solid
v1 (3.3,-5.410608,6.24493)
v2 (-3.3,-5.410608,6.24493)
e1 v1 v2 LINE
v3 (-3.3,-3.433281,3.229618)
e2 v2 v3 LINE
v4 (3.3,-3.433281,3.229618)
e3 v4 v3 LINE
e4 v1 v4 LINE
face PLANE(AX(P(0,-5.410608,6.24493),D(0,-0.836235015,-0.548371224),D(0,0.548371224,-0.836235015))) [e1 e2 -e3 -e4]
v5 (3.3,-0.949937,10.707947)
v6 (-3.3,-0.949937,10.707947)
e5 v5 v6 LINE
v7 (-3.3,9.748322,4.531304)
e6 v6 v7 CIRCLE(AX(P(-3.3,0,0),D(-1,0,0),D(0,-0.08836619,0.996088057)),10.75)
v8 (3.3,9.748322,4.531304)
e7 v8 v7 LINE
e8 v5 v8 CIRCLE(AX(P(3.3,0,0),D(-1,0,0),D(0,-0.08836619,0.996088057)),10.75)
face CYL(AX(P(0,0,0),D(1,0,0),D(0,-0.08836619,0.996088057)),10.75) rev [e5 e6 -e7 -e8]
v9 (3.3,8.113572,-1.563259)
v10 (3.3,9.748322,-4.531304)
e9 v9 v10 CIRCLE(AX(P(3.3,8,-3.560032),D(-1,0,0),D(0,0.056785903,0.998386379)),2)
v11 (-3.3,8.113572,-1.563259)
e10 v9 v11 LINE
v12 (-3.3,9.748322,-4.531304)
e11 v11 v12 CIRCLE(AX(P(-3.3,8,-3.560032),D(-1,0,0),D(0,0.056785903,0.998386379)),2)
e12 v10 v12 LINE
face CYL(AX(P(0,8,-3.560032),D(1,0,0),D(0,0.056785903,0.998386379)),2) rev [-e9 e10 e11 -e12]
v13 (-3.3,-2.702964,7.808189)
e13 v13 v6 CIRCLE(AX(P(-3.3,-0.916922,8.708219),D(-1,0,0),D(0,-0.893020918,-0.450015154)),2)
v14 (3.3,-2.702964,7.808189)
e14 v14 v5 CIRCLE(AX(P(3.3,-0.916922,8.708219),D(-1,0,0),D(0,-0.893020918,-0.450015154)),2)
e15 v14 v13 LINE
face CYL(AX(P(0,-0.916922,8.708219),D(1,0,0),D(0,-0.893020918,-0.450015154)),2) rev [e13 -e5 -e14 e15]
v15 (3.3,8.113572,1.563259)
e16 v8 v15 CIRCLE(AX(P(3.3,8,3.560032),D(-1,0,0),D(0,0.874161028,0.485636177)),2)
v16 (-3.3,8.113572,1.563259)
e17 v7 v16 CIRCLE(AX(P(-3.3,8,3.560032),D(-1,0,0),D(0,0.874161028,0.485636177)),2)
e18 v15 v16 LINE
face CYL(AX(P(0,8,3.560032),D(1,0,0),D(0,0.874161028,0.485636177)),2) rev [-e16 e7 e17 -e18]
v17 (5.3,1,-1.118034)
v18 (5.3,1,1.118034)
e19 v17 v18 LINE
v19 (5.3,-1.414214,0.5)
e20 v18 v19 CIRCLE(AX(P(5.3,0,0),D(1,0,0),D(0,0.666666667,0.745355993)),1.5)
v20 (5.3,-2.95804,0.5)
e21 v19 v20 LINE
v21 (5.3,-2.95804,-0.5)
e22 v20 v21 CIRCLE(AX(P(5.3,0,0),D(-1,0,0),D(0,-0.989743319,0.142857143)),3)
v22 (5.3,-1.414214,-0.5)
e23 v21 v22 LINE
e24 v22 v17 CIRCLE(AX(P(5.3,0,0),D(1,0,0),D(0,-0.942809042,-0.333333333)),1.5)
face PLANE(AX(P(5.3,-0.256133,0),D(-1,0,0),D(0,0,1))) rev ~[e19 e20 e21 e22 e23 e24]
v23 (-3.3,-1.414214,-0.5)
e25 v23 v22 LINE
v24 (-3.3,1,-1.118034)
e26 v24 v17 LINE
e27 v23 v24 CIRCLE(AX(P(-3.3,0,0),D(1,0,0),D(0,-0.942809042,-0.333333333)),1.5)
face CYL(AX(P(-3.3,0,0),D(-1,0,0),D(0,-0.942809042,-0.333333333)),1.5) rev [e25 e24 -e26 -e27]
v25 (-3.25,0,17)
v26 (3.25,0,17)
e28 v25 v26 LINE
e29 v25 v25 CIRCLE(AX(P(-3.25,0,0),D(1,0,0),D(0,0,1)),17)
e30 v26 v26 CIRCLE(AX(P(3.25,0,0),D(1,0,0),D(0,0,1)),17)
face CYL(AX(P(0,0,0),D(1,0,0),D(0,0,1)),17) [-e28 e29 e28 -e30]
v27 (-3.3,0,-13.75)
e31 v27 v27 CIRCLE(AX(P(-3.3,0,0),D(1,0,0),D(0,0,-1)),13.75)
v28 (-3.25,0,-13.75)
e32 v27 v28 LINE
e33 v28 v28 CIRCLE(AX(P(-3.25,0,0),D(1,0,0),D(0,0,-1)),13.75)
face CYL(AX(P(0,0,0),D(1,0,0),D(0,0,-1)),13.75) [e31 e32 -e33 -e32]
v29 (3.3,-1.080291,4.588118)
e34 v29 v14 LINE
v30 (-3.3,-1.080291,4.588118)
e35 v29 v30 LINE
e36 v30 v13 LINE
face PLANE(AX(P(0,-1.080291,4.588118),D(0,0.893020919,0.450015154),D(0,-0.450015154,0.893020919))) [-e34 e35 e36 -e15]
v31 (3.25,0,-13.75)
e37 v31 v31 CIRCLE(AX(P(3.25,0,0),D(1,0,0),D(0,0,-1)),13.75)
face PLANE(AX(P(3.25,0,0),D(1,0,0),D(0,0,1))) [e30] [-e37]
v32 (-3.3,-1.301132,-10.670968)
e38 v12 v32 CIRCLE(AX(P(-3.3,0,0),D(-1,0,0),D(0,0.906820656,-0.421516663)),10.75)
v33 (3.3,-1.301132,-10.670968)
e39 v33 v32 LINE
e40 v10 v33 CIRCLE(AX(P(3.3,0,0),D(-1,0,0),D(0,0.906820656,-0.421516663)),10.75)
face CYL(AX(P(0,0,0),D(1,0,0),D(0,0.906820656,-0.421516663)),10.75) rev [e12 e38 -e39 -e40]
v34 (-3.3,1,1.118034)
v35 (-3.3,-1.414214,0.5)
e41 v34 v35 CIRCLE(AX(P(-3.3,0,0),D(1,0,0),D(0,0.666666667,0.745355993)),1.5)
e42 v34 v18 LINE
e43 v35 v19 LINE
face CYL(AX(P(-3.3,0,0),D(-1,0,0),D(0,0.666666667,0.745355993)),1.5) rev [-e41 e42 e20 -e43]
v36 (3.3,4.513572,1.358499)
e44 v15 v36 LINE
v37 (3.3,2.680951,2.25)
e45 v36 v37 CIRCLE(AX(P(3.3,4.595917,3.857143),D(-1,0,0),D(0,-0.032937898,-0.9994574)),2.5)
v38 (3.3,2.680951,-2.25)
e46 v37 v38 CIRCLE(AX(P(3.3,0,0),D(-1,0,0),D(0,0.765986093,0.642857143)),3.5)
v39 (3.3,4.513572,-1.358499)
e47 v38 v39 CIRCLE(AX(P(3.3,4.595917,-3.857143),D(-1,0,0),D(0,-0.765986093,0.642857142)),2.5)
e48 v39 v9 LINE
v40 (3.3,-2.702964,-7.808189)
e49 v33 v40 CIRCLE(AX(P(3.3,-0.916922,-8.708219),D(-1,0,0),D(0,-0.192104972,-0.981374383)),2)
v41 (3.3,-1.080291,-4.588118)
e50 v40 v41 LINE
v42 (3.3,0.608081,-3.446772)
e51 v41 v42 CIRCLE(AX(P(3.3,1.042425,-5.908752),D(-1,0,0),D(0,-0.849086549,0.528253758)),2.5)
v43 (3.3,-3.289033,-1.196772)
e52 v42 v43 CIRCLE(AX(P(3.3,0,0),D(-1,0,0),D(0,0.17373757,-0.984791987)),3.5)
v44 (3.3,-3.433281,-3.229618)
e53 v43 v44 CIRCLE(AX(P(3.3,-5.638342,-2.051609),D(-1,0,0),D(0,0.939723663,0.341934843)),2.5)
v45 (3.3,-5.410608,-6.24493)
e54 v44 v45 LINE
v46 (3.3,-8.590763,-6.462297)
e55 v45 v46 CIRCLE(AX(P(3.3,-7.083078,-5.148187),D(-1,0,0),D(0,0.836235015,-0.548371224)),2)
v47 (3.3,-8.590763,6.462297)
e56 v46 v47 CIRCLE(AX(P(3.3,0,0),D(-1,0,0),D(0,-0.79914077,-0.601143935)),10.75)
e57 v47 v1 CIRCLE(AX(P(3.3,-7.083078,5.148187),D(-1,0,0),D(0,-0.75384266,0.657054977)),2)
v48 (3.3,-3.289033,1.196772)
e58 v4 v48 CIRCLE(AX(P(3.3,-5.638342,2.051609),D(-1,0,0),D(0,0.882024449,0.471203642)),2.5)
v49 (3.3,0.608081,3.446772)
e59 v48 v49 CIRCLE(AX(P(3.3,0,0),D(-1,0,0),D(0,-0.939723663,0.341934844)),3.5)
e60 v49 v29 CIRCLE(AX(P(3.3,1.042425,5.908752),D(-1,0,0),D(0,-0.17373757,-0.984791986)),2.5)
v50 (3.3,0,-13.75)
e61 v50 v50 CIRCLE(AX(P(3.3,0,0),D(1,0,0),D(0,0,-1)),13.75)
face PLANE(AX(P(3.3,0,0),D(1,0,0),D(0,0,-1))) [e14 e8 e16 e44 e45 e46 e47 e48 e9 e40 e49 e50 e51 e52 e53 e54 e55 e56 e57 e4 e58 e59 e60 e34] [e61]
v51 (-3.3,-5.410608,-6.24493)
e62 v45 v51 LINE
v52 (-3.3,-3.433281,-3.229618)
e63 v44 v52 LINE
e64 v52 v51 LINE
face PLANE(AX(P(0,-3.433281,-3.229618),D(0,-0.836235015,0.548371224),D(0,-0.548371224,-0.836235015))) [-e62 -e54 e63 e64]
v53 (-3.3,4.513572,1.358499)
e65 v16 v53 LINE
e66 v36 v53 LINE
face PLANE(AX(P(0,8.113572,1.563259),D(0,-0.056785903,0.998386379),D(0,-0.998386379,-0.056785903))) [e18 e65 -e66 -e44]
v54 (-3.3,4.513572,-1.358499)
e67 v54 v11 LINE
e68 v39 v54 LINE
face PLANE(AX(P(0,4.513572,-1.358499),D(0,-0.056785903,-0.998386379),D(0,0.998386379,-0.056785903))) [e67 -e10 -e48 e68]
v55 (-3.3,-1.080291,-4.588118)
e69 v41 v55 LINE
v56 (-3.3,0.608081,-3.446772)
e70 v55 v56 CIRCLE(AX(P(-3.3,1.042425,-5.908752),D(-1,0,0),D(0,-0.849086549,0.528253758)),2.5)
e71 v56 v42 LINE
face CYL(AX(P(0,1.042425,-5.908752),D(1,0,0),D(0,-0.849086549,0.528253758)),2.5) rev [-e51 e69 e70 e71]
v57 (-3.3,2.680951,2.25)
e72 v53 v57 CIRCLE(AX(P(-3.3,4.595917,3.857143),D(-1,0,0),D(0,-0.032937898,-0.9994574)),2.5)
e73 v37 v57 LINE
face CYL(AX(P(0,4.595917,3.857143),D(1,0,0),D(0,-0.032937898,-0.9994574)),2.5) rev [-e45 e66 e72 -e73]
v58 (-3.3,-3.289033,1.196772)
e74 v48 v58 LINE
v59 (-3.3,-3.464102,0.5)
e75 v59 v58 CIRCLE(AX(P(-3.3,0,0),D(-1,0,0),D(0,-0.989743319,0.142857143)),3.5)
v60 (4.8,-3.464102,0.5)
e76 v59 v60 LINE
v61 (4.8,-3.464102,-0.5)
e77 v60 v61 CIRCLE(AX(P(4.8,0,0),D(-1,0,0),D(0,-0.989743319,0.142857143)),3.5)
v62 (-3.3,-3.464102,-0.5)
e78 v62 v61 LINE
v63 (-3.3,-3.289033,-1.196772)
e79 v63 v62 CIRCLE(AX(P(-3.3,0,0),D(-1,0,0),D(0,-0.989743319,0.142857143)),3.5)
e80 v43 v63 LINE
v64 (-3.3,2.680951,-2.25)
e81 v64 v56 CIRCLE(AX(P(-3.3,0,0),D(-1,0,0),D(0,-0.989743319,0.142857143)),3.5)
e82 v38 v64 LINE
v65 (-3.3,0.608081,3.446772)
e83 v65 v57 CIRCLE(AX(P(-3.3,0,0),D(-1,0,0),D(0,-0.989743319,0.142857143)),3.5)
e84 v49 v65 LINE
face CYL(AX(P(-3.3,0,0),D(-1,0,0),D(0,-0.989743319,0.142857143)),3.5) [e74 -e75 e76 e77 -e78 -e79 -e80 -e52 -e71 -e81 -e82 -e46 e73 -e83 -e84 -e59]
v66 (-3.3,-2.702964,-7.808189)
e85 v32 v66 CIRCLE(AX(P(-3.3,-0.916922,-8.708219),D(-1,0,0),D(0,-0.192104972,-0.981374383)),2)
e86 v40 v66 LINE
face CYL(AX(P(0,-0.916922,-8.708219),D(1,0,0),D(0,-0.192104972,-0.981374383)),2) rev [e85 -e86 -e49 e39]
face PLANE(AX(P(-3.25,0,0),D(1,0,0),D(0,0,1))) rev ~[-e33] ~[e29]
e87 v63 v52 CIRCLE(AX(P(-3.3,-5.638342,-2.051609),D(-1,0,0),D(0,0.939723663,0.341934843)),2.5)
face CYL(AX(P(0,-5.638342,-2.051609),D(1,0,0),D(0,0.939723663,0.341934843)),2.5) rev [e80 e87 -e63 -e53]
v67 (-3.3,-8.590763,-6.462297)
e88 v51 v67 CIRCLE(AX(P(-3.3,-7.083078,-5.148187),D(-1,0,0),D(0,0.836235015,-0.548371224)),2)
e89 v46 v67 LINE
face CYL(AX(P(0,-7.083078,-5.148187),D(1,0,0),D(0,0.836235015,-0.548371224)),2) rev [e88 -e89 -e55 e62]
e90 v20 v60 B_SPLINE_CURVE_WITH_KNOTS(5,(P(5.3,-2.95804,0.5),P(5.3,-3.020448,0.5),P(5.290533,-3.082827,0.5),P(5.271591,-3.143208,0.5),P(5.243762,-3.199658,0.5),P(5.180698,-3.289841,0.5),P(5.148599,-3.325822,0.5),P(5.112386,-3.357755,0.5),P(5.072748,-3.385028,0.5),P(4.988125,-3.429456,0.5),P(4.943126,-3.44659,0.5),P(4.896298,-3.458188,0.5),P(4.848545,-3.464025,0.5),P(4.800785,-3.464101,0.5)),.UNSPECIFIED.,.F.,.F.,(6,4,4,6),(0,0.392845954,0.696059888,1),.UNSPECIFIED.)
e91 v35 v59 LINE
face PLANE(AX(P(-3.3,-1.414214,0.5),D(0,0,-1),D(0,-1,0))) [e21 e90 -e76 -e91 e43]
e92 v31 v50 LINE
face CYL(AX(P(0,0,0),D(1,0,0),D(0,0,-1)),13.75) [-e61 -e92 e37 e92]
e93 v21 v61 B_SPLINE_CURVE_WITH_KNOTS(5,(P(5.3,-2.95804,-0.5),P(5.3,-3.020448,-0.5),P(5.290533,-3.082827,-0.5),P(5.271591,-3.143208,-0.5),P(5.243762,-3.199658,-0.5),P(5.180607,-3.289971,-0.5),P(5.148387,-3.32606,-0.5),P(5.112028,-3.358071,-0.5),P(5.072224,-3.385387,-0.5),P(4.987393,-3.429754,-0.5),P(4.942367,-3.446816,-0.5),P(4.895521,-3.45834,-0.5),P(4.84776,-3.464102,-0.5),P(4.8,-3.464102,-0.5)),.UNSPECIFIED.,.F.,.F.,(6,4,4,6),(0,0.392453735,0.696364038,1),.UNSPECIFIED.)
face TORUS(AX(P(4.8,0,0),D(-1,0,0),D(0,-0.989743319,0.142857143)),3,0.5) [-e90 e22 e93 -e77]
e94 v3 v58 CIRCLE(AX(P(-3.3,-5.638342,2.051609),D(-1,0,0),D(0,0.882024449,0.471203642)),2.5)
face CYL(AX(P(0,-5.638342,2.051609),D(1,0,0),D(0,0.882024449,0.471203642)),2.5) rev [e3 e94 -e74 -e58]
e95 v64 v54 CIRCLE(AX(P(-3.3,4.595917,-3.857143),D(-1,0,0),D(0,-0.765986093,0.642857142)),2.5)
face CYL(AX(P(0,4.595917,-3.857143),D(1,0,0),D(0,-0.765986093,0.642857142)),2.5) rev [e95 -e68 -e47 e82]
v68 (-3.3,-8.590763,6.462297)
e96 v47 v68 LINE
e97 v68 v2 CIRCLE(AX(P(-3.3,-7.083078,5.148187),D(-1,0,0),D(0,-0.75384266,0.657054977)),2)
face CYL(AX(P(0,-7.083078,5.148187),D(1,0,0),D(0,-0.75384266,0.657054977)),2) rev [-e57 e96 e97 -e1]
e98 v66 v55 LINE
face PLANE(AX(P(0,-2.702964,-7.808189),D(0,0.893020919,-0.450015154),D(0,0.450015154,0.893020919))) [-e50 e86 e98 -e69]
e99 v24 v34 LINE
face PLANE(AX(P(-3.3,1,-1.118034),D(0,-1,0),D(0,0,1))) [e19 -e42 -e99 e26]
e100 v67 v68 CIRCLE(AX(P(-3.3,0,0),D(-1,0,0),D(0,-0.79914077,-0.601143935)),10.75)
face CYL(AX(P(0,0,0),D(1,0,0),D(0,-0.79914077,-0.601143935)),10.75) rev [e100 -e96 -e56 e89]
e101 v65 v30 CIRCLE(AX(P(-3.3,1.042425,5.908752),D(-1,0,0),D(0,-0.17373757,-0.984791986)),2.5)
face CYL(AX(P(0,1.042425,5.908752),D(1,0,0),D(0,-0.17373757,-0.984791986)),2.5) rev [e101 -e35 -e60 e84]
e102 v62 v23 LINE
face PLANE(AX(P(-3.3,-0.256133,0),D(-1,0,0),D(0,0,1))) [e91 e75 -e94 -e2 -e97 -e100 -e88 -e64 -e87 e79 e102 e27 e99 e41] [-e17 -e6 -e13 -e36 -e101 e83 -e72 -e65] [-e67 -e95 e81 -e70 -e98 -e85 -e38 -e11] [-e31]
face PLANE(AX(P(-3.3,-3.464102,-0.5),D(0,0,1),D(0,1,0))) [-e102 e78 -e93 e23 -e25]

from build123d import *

# Parameters (mm, degrees)
RESSALTO_EXTRUS_O1_DEPTH      = 5.3
RESSALTO_EXTRUS_O1_DEPTH_BACK = 3.3
ESBO_O1_3_R                   = 13.75
RESSALTO_EXTRUS_O2_DEPTH      = 3.3
FILETE2_R                     = 0.5
ESBO_O2_R                     = 17
ESBO_O2_R_2                   = 13.75
RESSALTO_EXTRUS_O3_DEPTH      = 3.25


with BuildPart() as part:
    # Esboço1 → Ressalto-extrusão1 (new, two sides: drawn at the far end of the back side and taken through both)
    with BuildSketch(Plane(origin=(0, 0, 0), x_dir=(0, 0, -1), z_dir=(1, 0, 0)).offset(-RESSALTO_EXTRUS_O1_DEPTH_BACK)):
        with BuildLine():
            ThreePointArc((0.5, -1.414213562), (1.4531398, -0.37200097), (1.118033989, 1))
            Line((1.118033989, 1), (-1.118033989, 1))
            ThreePointArc((-1.118033989, 1), (-1.4531398, -0.37200097), (-0.5, -1.414213562))
            Line((-0.5, -1.414213562), (-0.5, -3.464101615))
            ThreePointArc((-0.5, -3.464101615), (0, 3.5), (0.5, -3.464101615))
            Line((0.5, -3.464101615), (0.5, -1.414213562))
        make_face()
    extrude(amount=RESSALTO_EXTRUS_O1_DEPTH + RESSALTO_EXTRUS_O1_DEPTH_BACK)

    # Esboço1<3> → Ressalto-extrusão2 (add, symmetric)
    with BuildSketch(Plane(origin=(0, 0, 0), x_dir=(0, 0, -1), z_dir=(1, 0, 0))):
        Circle(ESBO_O1_3_R)
        with BuildLine():
            ThreePointArc((3.446771953, 0.608081497), (3.031088913, -1.75), (1.196771953, -3.28903282))
            ThreePointArc((1.196771953, -3.28903282), (2.228560776, -3.144612223), (3.229618168, -3.433280857))
            Line((3.229618168, -3.433280857), (6.244929793, -5.410607922))
            ThreePointArc((6.244929793, -5.410607922), (7.143531761, -6.946693722), (6.462297299, -8.590763273))
            ThreePointArc((6.462297299, -8.590763273), (0, -10.75), (-6.462297299, -8.590763273))
            ThreePointArc((-6.462297299, -8.590763273), (-7.143531761, -6.946693722), (-6.244929793, -5.410607922))
            Line((-6.244929793, -5.410607922), (-3.229618168, -3.433280857))
            ThreePointArc((-3.229618168, -3.433280857), (-2.228560776, -3.144612223), (-1.196771953, -3.28903282))
            ThreePointArc((-1.196771953, -3.28903282), (-3.031088913, -1.75), (-3.446771953, 0.608081497))
            ThreePointArc((-3.446771953, 0.608081497), (-3.837594458, -0.357684134), (-4.588117525, -1.08029095))
            Line((-4.588117525, -1.08029095), (-7.808188807, -2.702963885))
            ThreePointArc((-7.808188807, -2.702963885), (-9.742921821, -2.628468224), (-10.707946608, -0.949936544))
            ThreePointArc((-10.707946608, -0.949936544), (-9.309773091, 5.375), (-4.531304125, 9.748322057))
            ThreePointArc((-4.531304125, 9.748322057), (-2.595140656, 9.751851916), (-1.563259014, 8.113571807))
            Line((-1.563259014, 8.113571807), (-1.358499357, 4.513571807))
            ThreePointArc((-1.358499357, 4.513571807), (-1.609033682, 3.502296357), (-2.25, 2.680951324))
            ThreePointArc((-2.25, 2.680951324), (0, 3.5), (2.25, 2.680951324))
            ThreePointArc((2.25, 2.680951324), (1.609033682, 3.502296357), (1.358499357, 4.513571807))
            Line((1.358499357, 4.513571807), (1.563259014, 8.113571807))
            ThreePointArc((1.563259014, 8.113571807), (2.595140656, 9.751851916), (4.531304125, 9.748322057))
            ThreePointArc((4.531304125, 9.748322057), (9.396801436, 5.221362156), (10.670967882, -1.301131991))
            ThreePointArc((10.670967882, -1.301131991), (9.587779116, -2.713133117), (7.808188807, -2.702963885))
            Line((7.808188807, -2.702963885), (4.588117525, -1.08029095))
            ThreePointArc((4.588117525, -1.08029095), (3.837594458, -0.357684134), (3.446771953, 0.608081497))
        make_face(mode=Mode.SUBTRACT)
    extrude(amount=RESSALTO_EXTRUS_O2_DEPTH, both=True)

    # Filete2
    filete2_edges = [part.edges().sort_by_distance(p)[0] for p in [
        (5.3, 3.5, 0),
    ]]
    fillet(filete2_edges, radius=FILETE2_R)

    # Esboço2 → Ressalto-extrusão3 (add, symmetric)
    with BuildSketch(Plane(origin=(0, 0, 0), x_dir=(0, 0, -1), z_dir=(1, 0, 0))):
        with Locations(Location((0, 0, 0), (0, 0, 180))):
            Circle(ESBO_O2_R)
        Circle(ESBO_O2_R_2, mode=Mode.SUBTRACT)
    extrude(amount=RESSALTO_EXTRUS_O3_DEPTH, both=True)


solid = part.part
